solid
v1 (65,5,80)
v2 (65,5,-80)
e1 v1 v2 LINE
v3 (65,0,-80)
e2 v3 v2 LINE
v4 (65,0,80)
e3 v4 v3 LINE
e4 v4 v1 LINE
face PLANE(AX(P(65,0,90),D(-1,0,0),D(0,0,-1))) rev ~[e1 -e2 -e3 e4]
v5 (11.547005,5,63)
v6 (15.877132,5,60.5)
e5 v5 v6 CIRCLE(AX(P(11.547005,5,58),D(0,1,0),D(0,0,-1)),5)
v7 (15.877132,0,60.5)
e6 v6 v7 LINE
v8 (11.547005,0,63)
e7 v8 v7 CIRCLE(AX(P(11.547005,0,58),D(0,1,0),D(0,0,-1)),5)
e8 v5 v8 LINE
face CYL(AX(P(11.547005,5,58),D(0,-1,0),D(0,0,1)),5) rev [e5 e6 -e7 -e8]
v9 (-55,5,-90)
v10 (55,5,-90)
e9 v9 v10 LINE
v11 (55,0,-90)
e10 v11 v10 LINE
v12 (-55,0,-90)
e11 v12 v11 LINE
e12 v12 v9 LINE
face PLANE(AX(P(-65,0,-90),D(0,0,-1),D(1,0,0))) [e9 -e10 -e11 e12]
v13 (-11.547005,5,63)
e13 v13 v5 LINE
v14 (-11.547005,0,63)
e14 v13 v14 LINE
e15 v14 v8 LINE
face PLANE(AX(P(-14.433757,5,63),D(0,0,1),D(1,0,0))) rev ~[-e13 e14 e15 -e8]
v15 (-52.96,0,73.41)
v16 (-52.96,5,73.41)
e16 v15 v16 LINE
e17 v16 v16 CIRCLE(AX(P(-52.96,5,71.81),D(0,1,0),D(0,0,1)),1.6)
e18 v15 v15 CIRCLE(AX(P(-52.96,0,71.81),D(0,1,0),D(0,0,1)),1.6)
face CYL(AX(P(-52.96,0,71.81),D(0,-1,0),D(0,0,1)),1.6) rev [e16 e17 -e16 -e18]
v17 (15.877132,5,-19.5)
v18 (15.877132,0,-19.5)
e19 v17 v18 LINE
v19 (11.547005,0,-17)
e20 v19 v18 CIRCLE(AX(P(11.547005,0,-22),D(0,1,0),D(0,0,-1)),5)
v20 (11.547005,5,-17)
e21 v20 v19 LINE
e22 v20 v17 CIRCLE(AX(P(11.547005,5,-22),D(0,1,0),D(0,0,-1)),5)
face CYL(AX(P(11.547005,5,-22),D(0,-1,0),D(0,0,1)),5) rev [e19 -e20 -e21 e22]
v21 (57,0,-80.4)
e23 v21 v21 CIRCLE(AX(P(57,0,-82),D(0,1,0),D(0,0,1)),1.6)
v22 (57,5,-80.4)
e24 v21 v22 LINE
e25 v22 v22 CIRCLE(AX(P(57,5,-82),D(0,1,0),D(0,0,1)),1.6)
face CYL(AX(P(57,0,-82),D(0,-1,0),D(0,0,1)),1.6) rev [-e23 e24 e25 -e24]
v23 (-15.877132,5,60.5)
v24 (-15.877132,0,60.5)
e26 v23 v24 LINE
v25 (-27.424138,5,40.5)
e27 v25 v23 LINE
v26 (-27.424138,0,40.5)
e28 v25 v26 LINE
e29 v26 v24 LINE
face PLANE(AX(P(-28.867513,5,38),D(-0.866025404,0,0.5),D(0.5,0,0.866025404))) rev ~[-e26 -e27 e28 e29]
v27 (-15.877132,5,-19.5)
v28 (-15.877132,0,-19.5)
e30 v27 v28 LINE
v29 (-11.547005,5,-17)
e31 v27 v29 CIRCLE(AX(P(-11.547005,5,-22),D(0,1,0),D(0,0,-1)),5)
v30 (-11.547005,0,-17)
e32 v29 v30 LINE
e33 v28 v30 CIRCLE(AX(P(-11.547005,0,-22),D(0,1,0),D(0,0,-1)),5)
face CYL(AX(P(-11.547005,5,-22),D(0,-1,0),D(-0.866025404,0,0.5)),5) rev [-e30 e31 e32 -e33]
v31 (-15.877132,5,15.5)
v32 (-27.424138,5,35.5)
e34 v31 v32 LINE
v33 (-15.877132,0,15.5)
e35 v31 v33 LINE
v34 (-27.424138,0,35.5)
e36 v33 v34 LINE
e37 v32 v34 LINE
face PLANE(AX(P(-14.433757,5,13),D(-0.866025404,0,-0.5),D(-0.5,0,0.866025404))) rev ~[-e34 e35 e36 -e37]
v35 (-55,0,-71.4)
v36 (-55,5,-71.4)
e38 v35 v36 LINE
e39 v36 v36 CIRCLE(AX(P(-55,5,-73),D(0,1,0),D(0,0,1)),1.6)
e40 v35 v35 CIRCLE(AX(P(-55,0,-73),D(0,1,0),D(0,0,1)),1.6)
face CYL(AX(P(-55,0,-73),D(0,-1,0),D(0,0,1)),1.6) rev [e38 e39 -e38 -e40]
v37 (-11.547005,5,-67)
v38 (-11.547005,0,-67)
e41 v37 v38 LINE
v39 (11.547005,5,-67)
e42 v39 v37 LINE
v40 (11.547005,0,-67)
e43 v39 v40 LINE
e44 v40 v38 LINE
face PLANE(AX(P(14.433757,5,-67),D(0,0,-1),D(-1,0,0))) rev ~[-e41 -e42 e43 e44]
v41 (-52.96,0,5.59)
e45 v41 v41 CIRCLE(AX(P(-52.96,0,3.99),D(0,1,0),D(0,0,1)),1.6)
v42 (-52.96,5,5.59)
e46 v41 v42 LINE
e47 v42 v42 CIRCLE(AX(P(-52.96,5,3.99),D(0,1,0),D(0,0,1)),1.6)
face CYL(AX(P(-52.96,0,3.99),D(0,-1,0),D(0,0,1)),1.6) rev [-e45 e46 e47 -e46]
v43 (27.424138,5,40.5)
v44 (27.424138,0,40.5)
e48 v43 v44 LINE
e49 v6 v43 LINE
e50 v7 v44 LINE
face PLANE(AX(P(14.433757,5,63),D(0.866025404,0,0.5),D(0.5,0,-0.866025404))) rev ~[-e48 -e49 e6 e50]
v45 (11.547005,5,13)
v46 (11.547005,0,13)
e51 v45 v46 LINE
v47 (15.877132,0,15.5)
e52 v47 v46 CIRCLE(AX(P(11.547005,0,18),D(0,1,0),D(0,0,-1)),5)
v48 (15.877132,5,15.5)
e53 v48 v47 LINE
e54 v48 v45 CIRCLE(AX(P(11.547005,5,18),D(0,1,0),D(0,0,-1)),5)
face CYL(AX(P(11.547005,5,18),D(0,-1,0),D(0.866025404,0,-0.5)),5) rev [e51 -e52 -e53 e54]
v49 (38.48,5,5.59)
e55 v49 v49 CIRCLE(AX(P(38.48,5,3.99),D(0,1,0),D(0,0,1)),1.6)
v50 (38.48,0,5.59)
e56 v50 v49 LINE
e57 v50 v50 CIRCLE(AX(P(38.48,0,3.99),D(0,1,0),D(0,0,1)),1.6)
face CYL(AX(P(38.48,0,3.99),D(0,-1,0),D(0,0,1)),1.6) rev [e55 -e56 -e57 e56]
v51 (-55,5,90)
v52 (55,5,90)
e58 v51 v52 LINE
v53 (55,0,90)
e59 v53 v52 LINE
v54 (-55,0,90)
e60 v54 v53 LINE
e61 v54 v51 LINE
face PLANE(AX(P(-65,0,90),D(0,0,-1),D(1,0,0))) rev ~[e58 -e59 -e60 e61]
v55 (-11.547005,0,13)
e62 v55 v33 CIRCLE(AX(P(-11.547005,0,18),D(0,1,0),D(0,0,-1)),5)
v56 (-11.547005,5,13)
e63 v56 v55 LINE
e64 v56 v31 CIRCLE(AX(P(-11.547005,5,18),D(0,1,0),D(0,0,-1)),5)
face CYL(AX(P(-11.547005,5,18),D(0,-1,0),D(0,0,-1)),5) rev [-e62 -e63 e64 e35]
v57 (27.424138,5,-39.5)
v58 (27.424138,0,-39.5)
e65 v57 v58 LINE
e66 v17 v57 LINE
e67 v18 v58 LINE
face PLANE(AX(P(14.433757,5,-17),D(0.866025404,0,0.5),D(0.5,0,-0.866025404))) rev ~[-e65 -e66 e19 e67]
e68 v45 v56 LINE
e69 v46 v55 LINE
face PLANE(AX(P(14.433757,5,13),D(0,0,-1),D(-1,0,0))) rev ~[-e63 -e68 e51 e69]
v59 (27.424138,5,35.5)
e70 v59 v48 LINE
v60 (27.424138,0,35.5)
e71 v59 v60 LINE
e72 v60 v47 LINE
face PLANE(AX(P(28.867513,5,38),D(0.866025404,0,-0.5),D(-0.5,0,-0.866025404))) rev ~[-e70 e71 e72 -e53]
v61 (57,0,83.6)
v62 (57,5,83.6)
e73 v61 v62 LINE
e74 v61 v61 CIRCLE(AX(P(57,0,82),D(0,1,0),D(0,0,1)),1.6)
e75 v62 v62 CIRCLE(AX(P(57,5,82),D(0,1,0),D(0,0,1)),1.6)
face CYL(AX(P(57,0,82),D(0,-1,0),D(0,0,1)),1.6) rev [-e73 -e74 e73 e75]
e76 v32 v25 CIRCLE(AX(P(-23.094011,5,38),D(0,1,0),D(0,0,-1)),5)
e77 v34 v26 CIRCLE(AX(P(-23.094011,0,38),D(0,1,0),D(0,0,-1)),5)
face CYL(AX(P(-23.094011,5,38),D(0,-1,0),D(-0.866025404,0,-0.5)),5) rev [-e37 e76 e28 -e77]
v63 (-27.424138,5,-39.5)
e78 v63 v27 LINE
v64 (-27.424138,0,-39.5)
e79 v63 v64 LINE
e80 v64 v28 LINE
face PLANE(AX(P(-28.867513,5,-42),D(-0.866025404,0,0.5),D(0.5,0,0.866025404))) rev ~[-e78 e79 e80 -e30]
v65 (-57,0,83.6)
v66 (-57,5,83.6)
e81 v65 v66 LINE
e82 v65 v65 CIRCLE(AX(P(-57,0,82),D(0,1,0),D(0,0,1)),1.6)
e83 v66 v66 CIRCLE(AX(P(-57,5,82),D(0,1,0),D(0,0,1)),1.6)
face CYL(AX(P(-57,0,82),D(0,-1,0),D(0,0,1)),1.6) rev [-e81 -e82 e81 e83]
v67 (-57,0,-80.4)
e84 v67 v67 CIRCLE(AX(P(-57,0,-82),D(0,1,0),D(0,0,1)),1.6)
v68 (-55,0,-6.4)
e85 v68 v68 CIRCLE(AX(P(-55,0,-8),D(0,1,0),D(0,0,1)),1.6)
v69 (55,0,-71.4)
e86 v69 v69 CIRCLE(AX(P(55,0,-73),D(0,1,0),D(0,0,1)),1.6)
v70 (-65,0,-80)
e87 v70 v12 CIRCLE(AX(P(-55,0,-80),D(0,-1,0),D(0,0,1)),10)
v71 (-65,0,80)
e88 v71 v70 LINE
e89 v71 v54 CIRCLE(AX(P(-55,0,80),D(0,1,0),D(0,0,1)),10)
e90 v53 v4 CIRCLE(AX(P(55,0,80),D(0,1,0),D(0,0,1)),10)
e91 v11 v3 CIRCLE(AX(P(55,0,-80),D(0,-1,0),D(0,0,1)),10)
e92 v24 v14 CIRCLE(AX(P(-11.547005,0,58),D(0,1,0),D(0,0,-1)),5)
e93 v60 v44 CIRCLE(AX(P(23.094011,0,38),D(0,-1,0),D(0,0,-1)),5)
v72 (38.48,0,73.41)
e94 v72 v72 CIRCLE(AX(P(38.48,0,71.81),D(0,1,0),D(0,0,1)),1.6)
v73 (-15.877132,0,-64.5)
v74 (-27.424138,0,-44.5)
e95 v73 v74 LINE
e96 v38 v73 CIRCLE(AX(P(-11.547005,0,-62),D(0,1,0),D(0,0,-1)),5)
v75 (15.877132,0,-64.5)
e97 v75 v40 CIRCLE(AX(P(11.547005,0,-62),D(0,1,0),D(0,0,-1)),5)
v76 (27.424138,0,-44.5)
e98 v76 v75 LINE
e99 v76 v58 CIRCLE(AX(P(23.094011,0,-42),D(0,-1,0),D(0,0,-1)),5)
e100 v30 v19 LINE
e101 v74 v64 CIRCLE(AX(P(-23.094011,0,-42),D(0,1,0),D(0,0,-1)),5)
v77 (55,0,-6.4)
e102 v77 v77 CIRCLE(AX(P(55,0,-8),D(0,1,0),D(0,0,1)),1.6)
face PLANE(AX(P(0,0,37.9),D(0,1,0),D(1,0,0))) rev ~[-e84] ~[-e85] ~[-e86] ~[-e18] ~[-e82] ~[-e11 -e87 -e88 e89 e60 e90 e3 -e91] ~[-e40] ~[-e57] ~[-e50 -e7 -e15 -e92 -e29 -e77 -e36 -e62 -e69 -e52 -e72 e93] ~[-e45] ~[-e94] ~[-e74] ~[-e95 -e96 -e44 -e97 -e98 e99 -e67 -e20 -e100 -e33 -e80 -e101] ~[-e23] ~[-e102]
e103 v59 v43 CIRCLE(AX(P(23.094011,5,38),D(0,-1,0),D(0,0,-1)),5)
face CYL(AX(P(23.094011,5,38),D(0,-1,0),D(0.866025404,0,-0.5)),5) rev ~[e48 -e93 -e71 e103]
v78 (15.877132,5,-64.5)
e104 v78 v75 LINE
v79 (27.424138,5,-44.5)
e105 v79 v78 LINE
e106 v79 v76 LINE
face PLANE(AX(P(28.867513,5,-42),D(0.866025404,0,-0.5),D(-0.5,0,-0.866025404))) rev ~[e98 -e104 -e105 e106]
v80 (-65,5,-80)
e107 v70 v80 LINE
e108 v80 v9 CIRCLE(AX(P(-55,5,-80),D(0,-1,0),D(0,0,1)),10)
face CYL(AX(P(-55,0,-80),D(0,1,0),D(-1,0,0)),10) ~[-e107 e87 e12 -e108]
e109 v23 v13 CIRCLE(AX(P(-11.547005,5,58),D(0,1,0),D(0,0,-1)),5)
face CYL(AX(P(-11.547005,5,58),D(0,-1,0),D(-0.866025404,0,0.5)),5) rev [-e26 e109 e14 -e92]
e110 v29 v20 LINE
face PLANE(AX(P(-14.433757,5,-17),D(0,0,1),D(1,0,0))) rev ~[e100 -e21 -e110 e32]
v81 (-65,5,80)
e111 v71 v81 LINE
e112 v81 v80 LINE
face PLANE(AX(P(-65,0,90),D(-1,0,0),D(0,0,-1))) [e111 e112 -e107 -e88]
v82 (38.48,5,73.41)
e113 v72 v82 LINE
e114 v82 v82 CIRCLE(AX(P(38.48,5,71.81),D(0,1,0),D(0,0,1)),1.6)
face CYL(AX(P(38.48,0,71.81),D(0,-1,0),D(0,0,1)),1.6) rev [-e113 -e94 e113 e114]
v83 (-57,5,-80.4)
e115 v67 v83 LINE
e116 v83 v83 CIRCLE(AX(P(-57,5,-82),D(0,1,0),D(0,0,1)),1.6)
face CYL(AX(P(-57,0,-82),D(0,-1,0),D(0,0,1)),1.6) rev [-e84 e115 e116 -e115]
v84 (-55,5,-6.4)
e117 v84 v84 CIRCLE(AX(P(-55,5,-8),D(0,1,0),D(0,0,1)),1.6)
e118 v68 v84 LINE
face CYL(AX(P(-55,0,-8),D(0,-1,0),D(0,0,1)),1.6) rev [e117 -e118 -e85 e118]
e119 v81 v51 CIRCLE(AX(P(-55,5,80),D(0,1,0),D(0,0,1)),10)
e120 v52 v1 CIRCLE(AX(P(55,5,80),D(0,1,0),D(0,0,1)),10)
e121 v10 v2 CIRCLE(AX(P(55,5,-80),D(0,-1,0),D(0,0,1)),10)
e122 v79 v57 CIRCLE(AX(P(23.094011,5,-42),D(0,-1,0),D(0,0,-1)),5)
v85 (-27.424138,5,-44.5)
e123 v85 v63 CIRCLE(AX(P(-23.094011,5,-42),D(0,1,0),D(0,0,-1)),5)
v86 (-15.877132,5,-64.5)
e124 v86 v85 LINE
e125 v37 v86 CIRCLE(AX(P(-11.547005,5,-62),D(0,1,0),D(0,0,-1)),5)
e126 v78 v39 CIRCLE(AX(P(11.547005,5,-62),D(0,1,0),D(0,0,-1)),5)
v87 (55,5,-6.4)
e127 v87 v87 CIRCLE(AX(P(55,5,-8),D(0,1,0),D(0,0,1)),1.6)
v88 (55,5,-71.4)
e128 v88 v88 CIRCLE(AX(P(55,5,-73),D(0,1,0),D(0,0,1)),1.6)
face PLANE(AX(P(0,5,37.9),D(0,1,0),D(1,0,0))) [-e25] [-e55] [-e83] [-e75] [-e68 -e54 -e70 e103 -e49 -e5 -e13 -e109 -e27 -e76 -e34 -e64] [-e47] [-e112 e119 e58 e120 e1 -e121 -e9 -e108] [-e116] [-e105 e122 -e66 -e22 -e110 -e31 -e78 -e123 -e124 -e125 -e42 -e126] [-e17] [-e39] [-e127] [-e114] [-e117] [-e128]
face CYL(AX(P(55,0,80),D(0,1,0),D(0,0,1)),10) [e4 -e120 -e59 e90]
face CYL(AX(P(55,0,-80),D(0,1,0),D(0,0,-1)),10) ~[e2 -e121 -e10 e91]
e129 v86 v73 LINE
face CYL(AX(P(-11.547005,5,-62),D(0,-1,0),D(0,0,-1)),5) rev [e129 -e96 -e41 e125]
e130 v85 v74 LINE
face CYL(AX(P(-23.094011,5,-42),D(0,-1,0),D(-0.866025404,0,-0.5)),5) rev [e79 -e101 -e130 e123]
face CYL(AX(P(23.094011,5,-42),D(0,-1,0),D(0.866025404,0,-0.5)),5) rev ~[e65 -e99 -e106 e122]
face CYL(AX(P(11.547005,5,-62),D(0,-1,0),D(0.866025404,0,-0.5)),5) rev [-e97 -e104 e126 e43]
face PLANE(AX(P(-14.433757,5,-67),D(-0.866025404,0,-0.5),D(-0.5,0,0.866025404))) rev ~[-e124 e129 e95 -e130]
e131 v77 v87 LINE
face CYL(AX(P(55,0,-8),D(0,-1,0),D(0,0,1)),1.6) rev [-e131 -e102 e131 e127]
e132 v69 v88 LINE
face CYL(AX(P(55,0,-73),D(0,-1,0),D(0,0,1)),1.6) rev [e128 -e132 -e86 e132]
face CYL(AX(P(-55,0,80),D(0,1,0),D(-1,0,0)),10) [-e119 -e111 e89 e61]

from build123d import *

# Parameters (mm, degrees)
SKETCH1_W           = 130
SKETCH1_H           = 180
SKETCH1_R           = 1.6
SKETCH1_W_2         = 116.84
SKETCH1_H_2         = 76.2
SKETCH1_W_3         = 120
SKETCH1_H_3         = 75
BOSS_EXTRUDE1_DEPTH = 5
FILLET1_R           = 10
CUT_EXTRUDE1_DEPTH  = 10
FILLET2_R           = 5


with BuildPart() as part:
    # Sketch1 → Boss-Extrude1 (new body)
    # profile 1 of 3: a face of its own
    with BuildSketch(Plane(origin=(0, 0, 0), x_dir=(1, 0, 0), z_dir=(0, 1, 0))):
        Rectangle(SKETCH1_W, SKETCH1_H)
        with Locations(Location((57, -82, 0), (0, 0, 270))):
            Circle(SKETCH1_R, mode=Mode.SUBTRACT)
        with Locations(Location((-57, -82, 0), (0, 0, 270))):
            Circle(SKETCH1_R, mode=Mode.SUBTRACT)
        with Locations(Location((57, 82, 0), (0, 0, 270))):
            Circle(SKETCH1_R, mode=Mode.SUBTRACT)
        with Locations(Location((-57, 82, 0), (0, 0, 270))):
            Circle(SKETCH1_R, mode=Mode.SUBTRACT)
        with Locations((0, -37.9)):
            Rectangle(SKETCH1_W_2, SKETCH1_H_2, mode=Mode.SUBTRACT)
        with Locations((0, 40.5)):
            Rectangle(SKETCH1_W_3, SKETCH1_H_3, mode=Mode.SUBTRACT)
    # profile 2 of 3: a face of its own
    with BuildSketch(Plane(origin=(0, 0, 0), x_dir=(1, 0, 0), z_dir=(0, 1, 0))):
        with Locations((0, 40.5)):
            Rectangle(SKETCH1_W_3, SKETCH1_H_3)
        with Locations(Location((55, 8, 0), (0, 0, 270))):
            Circle(SKETCH1_R, mode=Mode.SUBTRACT)
        with Locations(Location((55, 73, 0), (0, 0, 270))):
            Circle(SKETCH1_R, mode=Mode.SUBTRACT)
        with Locations(Location((-55, 8, 0), (0, 0, 270))):
            Circle(SKETCH1_R, mode=Mode.SUBTRACT)
        with Locations(Location((-55, 73, 0), (0, 0, 270))):
            Circle(SKETCH1_R, mode=Mode.SUBTRACT)
    # profile 3 of 3: a face of its own
    with BuildSketch(Plane(origin=(0, 0, 0), x_dir=(1, 0, 0), z_dir=(0, 1, 0))):
        with Locations((0, -37.9)):
            Rectangle(SKETCH1_W_2, SKETCH1_H_2)
        with Locations(Location((-52.96, -71.81, 0), (0, 0, 270))):
            Circle(SKETCH1_R, mode=Mode.SUBTRACT)
        with Locations(Location((-52.96, -3.99, 0), (0, 0, 270))):
            Circle(SKETCH1_R, mode=Mode.SUBTRACT)
        with Locations(Location((38.48, -71.81, 0), (0, 0, 270))):
            Circle(SKETCH1_R, mode=Mode.SUBTRACT)
        with Locations(Location((38.48, -3.99, 0), (0, 0, 270))):
            Circle(SKETCH1_R, mode=Mode.SUBTRACT)
    extrude(amount=BOSS_EXTRUDE1_DEPTH)

    # Fillet1
    fillet1_edges = [part.edges().sort_by_distance(p)[0] for p in [
        (65, 2.5, 90),
        (-65, 2.5, 90),
        (-65, 2.5, -90),
        (65, 2.5, -90),
    ]]
    fillet(fillet1_edges, radius=FILLET1_R)

    # Sketch2 → Cut-Extrude1 (cut)
    with BuildSketch(Plane(origin=(0, 5, 0), x_dir=(1, 0, 0), z_dir=(0, 1, 0))):
        Polygon((28.867513459, 42), (14.43375673, 67), (-14.43375673, 67), (-28.867513459, 42), (-14.43375673, 17), (14.43375673, 17), align=None)
        Polygon((28.867513459, -38), (14.43375673, -13), (-14.43375673, -13), (-28.867513459, -38), (-14.43375673, -63), (14.43375673, -63), align=None)
    extrude(amount=-CUT_EXTRUDE1_DEPTH, mode=Mode.SUBTRACT)

    # Fillet2
    fillet2_edges = [part.edges().sort_by_distance(p)[0] for p in [
        (28.867513459, 2.5, -42),
        (14.43375673, 2.5, -17),
        (-14.43375673, 2.5, -17),
        (-28.867513459, 2.5, -42),
        (-14.43375673, 2.5, -67),
        (14.43375673, 2.5, -67),
        (28.867513459, 2.5, 38),
        (14.43375673, 2.5, 63),
        (-14.43375673, 2.5, 63),
        (-28.867513459, 2.5, 38),
        (-14.43375673, 2.5, 13),
        (14.43375673, 2.5, 13),
    ]]
    fillet(fillet2_edges, radius=FILLET2_R)


solid = part.part
